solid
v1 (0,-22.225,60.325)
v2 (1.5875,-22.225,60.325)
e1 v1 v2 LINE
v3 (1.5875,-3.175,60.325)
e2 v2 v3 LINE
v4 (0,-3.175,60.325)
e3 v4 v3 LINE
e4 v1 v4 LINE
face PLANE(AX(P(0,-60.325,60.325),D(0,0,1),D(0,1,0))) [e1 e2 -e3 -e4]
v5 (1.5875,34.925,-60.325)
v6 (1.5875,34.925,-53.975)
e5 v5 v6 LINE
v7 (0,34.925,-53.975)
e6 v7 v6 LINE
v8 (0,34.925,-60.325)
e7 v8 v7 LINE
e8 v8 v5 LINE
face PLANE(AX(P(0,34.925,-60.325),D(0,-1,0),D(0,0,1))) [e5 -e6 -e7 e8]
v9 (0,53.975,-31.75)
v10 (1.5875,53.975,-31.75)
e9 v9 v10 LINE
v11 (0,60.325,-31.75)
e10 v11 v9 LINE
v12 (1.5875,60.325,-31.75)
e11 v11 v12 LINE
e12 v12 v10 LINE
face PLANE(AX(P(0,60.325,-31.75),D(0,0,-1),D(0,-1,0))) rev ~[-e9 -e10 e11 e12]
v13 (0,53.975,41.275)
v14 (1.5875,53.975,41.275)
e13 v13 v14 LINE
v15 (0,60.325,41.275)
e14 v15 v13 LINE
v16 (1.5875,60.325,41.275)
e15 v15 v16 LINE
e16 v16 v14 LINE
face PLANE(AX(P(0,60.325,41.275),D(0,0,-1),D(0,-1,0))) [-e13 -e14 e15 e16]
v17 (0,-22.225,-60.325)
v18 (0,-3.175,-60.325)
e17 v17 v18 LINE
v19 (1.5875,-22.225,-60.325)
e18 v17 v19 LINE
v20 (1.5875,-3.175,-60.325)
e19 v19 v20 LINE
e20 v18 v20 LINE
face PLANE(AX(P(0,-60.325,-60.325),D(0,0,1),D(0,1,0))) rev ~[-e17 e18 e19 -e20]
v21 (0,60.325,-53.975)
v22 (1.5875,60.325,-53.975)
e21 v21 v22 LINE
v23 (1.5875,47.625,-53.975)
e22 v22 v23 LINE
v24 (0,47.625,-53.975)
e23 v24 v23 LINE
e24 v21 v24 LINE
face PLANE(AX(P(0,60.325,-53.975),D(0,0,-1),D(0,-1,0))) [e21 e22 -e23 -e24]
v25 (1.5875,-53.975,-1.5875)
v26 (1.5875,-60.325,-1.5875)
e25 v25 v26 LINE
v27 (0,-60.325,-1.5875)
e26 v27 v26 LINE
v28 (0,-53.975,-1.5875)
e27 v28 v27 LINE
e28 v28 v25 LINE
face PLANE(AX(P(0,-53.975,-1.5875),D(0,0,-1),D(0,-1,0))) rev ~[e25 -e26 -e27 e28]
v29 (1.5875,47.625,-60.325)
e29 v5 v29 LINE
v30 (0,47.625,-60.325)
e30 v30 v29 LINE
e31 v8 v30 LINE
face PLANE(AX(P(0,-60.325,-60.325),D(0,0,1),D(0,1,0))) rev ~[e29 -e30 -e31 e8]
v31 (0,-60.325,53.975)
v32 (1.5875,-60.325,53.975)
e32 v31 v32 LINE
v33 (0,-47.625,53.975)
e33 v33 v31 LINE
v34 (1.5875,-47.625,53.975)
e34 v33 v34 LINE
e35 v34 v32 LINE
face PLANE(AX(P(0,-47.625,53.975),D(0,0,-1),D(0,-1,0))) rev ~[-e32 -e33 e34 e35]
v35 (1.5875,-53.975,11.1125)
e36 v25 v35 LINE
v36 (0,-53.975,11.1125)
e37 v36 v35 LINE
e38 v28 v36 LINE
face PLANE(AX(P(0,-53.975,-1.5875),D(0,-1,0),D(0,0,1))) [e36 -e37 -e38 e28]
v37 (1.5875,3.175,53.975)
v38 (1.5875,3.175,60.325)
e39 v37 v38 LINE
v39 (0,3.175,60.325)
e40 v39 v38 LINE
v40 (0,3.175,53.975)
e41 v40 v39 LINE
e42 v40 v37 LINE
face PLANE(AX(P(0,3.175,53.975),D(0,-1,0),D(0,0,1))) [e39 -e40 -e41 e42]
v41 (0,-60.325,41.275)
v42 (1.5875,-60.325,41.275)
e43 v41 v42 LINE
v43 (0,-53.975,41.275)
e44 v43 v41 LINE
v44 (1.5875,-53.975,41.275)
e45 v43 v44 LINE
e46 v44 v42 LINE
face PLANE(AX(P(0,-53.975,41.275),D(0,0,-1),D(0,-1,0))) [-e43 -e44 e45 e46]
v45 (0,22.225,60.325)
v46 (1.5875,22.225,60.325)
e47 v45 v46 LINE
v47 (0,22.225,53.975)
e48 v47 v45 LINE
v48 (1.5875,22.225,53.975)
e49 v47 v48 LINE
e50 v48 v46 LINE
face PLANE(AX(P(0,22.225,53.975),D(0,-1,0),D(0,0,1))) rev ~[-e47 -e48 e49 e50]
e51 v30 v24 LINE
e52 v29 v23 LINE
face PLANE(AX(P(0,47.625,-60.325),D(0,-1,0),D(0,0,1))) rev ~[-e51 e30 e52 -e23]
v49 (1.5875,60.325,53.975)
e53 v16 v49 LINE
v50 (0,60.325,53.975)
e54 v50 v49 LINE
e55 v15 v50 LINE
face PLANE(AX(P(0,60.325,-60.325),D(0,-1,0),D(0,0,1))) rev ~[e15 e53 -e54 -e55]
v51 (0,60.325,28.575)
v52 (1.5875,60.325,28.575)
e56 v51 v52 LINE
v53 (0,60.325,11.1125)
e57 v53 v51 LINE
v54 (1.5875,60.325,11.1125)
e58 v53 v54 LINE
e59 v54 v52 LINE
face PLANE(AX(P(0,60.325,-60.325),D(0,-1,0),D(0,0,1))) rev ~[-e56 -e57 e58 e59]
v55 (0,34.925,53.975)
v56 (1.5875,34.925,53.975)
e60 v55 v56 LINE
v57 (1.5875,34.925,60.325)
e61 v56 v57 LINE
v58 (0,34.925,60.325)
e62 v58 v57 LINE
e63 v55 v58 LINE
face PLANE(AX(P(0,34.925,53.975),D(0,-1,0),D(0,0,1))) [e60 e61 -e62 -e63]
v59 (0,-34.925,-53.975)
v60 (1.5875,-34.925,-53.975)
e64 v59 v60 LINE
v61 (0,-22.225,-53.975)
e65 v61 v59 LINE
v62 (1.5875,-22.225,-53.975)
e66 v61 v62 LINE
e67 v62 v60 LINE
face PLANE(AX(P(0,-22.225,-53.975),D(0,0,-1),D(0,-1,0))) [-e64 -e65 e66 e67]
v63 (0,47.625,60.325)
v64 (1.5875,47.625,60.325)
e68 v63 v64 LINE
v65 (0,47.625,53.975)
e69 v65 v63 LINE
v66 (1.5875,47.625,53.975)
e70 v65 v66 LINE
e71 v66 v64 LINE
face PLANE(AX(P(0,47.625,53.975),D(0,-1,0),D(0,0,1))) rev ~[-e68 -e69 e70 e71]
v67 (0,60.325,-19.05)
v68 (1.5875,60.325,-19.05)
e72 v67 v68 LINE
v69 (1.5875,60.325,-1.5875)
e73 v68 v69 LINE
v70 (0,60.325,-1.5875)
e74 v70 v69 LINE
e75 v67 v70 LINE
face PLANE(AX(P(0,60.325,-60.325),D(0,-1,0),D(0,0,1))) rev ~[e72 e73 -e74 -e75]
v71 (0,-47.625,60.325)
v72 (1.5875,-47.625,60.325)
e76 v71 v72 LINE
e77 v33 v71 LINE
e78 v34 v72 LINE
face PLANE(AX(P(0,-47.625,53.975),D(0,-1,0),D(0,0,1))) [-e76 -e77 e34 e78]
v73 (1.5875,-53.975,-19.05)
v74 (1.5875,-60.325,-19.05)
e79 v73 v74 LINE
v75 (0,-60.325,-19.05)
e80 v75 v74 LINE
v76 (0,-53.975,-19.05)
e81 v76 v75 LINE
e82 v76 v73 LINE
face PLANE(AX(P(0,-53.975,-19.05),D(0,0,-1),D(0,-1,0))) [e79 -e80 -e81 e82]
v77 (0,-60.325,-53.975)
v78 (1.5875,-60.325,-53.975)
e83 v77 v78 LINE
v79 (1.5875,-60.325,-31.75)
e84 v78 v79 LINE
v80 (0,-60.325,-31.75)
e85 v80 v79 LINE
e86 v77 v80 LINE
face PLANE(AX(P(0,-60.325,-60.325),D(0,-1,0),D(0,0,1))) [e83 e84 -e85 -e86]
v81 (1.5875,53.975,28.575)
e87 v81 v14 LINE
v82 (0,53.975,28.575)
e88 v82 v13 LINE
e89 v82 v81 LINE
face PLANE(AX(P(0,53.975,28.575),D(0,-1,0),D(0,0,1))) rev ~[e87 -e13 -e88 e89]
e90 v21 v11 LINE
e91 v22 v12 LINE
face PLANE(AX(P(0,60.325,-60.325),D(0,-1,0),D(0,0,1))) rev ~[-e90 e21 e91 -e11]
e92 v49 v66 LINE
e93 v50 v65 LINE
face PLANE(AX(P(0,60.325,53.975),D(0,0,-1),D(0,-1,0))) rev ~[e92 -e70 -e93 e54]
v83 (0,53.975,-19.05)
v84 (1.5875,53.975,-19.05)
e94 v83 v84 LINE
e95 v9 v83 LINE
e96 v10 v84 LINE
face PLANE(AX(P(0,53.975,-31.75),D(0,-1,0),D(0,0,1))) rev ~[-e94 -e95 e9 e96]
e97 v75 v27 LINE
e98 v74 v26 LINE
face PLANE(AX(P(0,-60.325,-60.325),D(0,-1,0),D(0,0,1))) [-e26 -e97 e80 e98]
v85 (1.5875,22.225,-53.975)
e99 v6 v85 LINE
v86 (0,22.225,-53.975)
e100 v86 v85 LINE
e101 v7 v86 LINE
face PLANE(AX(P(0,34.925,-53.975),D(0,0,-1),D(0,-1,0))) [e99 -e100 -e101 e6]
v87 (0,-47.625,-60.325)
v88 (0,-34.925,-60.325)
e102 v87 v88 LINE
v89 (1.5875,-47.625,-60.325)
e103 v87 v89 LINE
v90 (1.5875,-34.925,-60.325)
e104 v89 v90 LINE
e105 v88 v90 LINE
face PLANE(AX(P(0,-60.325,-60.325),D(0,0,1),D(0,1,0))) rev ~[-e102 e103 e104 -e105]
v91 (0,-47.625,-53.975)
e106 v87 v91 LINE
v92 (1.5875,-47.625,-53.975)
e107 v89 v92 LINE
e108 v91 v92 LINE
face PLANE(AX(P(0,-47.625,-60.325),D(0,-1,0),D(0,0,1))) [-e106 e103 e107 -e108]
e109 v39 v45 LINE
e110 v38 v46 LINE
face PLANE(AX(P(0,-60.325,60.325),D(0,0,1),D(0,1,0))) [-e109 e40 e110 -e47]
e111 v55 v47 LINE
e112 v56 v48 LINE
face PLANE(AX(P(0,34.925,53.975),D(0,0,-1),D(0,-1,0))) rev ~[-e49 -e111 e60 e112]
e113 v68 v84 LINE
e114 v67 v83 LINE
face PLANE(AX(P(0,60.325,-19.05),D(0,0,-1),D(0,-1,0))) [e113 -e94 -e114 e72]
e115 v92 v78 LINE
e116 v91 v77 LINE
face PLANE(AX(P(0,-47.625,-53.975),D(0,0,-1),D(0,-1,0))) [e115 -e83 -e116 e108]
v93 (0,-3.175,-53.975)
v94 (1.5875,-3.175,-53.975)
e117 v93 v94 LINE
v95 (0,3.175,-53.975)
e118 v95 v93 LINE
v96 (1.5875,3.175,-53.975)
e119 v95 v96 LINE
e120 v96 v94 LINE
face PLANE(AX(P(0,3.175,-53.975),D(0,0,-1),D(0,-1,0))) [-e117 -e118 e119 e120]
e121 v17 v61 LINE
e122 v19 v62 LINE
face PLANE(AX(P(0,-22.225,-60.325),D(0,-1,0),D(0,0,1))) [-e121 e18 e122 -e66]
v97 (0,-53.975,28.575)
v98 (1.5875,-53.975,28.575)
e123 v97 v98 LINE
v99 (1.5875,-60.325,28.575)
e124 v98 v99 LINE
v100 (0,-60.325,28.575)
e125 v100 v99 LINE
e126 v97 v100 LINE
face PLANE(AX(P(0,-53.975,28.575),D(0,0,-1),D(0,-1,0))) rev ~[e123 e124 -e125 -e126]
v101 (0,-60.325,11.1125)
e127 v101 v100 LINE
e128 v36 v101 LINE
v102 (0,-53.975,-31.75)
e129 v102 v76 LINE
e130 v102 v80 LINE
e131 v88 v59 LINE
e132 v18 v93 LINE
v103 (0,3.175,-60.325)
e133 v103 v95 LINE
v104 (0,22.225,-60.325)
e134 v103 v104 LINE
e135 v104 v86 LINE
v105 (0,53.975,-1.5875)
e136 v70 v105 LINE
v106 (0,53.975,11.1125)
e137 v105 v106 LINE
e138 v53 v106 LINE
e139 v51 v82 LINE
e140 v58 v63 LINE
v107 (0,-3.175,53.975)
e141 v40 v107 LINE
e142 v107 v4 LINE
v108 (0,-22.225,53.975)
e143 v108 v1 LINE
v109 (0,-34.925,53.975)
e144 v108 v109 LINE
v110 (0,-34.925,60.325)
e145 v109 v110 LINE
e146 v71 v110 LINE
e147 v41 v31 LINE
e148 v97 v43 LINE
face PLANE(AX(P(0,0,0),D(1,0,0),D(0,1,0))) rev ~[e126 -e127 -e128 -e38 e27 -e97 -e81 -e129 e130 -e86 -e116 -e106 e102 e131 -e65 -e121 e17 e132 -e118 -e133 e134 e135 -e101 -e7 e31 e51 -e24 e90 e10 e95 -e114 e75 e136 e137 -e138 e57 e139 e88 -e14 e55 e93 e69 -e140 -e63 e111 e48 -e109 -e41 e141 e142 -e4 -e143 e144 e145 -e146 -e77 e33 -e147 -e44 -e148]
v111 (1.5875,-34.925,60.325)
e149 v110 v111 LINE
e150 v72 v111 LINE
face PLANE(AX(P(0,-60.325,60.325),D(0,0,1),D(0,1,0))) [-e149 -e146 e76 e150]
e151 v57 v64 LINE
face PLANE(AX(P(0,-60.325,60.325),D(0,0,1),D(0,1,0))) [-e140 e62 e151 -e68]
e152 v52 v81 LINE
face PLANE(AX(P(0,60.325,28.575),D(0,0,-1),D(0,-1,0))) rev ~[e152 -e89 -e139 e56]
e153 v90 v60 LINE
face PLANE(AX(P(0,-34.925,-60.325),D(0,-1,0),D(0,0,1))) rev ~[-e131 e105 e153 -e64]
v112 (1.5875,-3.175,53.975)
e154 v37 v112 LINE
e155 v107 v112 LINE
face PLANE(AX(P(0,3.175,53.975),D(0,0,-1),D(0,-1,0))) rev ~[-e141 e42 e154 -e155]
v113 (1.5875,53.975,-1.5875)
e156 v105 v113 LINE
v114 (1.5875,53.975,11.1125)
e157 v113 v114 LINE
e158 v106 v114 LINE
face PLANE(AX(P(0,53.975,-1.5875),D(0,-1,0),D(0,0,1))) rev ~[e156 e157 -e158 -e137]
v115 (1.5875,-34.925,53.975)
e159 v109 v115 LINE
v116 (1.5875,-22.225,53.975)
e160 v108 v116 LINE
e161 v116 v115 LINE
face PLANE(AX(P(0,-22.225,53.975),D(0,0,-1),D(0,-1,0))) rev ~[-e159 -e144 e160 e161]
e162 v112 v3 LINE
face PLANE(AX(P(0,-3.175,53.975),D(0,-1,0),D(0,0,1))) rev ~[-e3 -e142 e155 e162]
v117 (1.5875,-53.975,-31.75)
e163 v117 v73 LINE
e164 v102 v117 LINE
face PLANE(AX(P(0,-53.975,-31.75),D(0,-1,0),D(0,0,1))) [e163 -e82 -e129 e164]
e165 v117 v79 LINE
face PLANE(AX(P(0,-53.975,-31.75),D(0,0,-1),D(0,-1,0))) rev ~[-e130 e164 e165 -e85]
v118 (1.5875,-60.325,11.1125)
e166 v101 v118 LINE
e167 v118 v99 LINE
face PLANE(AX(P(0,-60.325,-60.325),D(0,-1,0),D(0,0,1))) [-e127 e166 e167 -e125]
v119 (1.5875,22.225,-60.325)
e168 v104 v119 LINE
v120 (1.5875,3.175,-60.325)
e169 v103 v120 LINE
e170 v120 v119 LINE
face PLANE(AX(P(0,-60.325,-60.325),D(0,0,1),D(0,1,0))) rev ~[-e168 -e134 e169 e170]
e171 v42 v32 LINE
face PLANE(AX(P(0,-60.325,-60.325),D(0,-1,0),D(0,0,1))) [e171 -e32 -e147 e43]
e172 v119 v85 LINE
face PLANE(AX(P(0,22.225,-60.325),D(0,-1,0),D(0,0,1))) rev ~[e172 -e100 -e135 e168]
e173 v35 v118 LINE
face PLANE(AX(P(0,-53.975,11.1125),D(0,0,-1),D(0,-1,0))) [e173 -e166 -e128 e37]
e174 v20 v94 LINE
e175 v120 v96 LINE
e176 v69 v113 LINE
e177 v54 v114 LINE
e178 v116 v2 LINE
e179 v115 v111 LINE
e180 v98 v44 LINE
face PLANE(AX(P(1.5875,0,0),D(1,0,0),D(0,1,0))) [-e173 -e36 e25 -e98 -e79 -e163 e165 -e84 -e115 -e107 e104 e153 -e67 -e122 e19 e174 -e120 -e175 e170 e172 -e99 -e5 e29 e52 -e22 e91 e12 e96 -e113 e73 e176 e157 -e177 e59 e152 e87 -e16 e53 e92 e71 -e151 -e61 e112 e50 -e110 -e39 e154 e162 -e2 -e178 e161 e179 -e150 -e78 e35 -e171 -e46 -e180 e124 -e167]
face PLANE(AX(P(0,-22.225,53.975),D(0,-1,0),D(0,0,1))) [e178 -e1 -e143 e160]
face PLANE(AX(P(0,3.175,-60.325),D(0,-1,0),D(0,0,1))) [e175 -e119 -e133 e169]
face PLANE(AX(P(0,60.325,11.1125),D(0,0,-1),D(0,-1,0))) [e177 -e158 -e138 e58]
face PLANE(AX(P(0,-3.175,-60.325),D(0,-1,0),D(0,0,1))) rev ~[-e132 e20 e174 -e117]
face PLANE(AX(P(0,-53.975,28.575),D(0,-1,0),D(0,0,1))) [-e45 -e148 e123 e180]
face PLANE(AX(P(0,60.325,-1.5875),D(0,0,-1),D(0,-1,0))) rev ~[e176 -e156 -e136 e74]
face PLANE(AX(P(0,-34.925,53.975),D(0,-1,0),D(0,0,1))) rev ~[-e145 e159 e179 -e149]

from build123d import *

# Parameters (mm, degrees)
F0_W      = 120.65
F0_H      = 120.65
F1_DEPTH  = 1.5875
F2_W      = 12.7
F2_H      = 6.35
F3_DEPTH  = 1.5875
F4_W      = 12.7
F4_H      = 6.35
F5_DEPTH  = 1.5875
F6_W      = 6.35
F6_H      = 6.35
F7_DEPTH  = 1.5875
F8_W      = 12.7
F8_H      = 6.35
F9_DEPTH  = 1.5875
F10_W     = 12.7
F10_H     = 6.35
F11_DEPTH = 1.5875
F12_W     = 6.35
F12_H     = 12.7
F13_DEPTH = 1.5875
F14_W     = 6.35
F14_H     = 12.7
F15_DEPTH = 1.5875
F16_W     = 6.35
F16_H     = 12.7
F17_DEPTH = 1.5875
F18_W     = 12.7
F18_H     = 6.35
F19_DEPTH = 1.5875
F20_W     = 12.7
F20_H     = 6.35
F20_W_2   = 6.35
F21_DEPTH = 1.5875
F22_W     = 6.35
F22_H     = 12.7
F23_DEPTH = 1.5875
F24_W     = 6.35
F24_H     = 12.7
F25_DEPTH = 1.5875


with BuildPart() as f1:
    # F0 (on Right) → F1 (new body)
    with BuildSketch(Plane.YZ):
        Rectangle(F0_W, F0_H)
    extrude(amount=F1_DEPTH)

    # F2 (on face) → F3 (cut)
    with BuildSketch(Plane(origin=(0, 0, 0), x_dir=(0, -1, 0), z_dir=(-1, 0, 0))):
        with Locations((53.975, 57.15)):
            Rectangle(F2_W, F2_H)
    extrude(amount=-F3_DEPTH, mode=Mode.SUBTRACT)

    # F4 (on face) → F5 (cut)
    with BuildSketch(Plane(origin=(0, 0, 0), x_dir=(0, -1, 0), z_dir=(-1, 0, 0))):
        with Locations((28.575, 57.15)):
            Rectangle(F4_W, F4_H)
    extrude(amount=-F5_DEPTH, mode=Mode.SUBTRACT)

    # F6 (on face) → F7 (cut)
    with BuildSketch(Plane(origin=(0, 0, 0), x_dir=(0, -1, 0), z_dir=(-1, 0, 0))):
        with Locations((0, 57.15)):
            Rectangle(F6_W, F6_H)
    extrude(amount=-F7_DEPTH, mode=Mode.SUBTRACT)

    # F8 (on face) → F9 (cut)
    with BuildSketch(Plane(origin=(0, 0, 0), x_dir=(0, -1, 0), z_dir=(-1, 0, 0))):
        with Locations((-53.975, 57.15)):
            Rectangle(F8_W, F8_H)
    extrude(amount=-F9_DEPTH, mode=Mode.SUBTRACT)

    # F10 (on face) → F11 (cut)
    with BuildSketch(Plane(origin=(0, 0, 0), x_dir=(0, -1, 0), z_dir=(-1, 0, 0))):
        with Locations((-28.575, 57.15)):
            Rectangle(F10_W, F10_H)
    extrude(amount=-F11_DEPTH, mode=Mode.SUBTRACT)

    # F12 (on face) → F13 (cut)
    with BuildSketch(Plane(origin=(0, 0, 0), x_dir=(0, -1, 0), z_dir=(-1, 0, 0))):
        with Locations((-57.15, 34.925)):
            Rectangle(F12_W, F12_H)
    extrude(amount=-F13_DEPTH, mode=Mode.SUBTRACT)

    # F14 (on face) → F15 (cut)
    with BuildSketch(Plane(origin=(0, 0, 0), x_dir=(0, -1, 0), z_dir=(-1, 0, 0))):
        with Locations((-57.15, 4.7625)):
            Rectangle(F14_W, F14_H)
    extrude(amount=-F15_DEPTH, mode=Mode.SUBTRACT)

    # F16 (on face) → F17 (cut)
    with BuildSketch(Plane(origin=(0, 0, 0), x_dir=(0, -1, 0), z_dir=(-1, 0, 0))):
        with Locations((-57.15, -25.4)):
            Rectangle(F16_W, F16_H)
    extrude(amount=-F17_DEPTH, mode=Mode.SUBTRACT)

    # F18 (on face) → F19 (cut)
    with BuildSketch(Plane(origin=(0, 0, 0), x_dir=(0, -1, 0), z_dir=(-1, 0, 0))):
        with Locations((-53.975, -57.15)):
            Rectangle(F18_W, F18_H)
        with Locations((53.975, -57.15)):
            Rectangle(F18_W, F18_H)
    extrude(amount=-F19_DEPTH, mode=Mode.SUBTRACT)

    # F20 (on face) → F21 (cut)
    with BuildSketch(Plane(origin=(0, 0, 0), x_dir=(0, -1, 0), z_dir=(-1, 0, 0))):
        with Locations((-28.575, -57.15)):
            Rectangle(F20_W, F20_H)
        with Locations((0, -57.15)):
            Rectangle(F20_W_2, F20_H)
        with Locations((28.575, -57.15)):
            Rectangle(F20_W, F20_H)
    extrude(amount=-F21_DEPTH, mode=Mode.SUBTRACT)

    # F22 (on face) → F23 (cut)
    with BuildSketch(Plane(origin=(0, 0, 0), x_dir=(0, -1, 0), z_dir=(-1, 0, 0))):
        with Locations((57.15, 34.925)):
            Rectangle(F22_W, F22_H)
        with Locations((57.15, 4.7625)):
            Rectangle(F22_W, F22_H)
    extrude(amount=-F23_DEPTH, mode=Mode.SUBTRACT)

    # F24 (on face) → F25 (cut)
    with BuildSketch(Plane(origin=(0, 0, 0), x_dir=(0, -1, 0), z_dir=(-1, 0, 0))):
        with Locations((57.15, -25.4)):
            Rectangle(F24_W, F24_H)
    extrude(amount=-F25_DEPTH, mode=Mode.SUBTRACT)


solid = f1.part
